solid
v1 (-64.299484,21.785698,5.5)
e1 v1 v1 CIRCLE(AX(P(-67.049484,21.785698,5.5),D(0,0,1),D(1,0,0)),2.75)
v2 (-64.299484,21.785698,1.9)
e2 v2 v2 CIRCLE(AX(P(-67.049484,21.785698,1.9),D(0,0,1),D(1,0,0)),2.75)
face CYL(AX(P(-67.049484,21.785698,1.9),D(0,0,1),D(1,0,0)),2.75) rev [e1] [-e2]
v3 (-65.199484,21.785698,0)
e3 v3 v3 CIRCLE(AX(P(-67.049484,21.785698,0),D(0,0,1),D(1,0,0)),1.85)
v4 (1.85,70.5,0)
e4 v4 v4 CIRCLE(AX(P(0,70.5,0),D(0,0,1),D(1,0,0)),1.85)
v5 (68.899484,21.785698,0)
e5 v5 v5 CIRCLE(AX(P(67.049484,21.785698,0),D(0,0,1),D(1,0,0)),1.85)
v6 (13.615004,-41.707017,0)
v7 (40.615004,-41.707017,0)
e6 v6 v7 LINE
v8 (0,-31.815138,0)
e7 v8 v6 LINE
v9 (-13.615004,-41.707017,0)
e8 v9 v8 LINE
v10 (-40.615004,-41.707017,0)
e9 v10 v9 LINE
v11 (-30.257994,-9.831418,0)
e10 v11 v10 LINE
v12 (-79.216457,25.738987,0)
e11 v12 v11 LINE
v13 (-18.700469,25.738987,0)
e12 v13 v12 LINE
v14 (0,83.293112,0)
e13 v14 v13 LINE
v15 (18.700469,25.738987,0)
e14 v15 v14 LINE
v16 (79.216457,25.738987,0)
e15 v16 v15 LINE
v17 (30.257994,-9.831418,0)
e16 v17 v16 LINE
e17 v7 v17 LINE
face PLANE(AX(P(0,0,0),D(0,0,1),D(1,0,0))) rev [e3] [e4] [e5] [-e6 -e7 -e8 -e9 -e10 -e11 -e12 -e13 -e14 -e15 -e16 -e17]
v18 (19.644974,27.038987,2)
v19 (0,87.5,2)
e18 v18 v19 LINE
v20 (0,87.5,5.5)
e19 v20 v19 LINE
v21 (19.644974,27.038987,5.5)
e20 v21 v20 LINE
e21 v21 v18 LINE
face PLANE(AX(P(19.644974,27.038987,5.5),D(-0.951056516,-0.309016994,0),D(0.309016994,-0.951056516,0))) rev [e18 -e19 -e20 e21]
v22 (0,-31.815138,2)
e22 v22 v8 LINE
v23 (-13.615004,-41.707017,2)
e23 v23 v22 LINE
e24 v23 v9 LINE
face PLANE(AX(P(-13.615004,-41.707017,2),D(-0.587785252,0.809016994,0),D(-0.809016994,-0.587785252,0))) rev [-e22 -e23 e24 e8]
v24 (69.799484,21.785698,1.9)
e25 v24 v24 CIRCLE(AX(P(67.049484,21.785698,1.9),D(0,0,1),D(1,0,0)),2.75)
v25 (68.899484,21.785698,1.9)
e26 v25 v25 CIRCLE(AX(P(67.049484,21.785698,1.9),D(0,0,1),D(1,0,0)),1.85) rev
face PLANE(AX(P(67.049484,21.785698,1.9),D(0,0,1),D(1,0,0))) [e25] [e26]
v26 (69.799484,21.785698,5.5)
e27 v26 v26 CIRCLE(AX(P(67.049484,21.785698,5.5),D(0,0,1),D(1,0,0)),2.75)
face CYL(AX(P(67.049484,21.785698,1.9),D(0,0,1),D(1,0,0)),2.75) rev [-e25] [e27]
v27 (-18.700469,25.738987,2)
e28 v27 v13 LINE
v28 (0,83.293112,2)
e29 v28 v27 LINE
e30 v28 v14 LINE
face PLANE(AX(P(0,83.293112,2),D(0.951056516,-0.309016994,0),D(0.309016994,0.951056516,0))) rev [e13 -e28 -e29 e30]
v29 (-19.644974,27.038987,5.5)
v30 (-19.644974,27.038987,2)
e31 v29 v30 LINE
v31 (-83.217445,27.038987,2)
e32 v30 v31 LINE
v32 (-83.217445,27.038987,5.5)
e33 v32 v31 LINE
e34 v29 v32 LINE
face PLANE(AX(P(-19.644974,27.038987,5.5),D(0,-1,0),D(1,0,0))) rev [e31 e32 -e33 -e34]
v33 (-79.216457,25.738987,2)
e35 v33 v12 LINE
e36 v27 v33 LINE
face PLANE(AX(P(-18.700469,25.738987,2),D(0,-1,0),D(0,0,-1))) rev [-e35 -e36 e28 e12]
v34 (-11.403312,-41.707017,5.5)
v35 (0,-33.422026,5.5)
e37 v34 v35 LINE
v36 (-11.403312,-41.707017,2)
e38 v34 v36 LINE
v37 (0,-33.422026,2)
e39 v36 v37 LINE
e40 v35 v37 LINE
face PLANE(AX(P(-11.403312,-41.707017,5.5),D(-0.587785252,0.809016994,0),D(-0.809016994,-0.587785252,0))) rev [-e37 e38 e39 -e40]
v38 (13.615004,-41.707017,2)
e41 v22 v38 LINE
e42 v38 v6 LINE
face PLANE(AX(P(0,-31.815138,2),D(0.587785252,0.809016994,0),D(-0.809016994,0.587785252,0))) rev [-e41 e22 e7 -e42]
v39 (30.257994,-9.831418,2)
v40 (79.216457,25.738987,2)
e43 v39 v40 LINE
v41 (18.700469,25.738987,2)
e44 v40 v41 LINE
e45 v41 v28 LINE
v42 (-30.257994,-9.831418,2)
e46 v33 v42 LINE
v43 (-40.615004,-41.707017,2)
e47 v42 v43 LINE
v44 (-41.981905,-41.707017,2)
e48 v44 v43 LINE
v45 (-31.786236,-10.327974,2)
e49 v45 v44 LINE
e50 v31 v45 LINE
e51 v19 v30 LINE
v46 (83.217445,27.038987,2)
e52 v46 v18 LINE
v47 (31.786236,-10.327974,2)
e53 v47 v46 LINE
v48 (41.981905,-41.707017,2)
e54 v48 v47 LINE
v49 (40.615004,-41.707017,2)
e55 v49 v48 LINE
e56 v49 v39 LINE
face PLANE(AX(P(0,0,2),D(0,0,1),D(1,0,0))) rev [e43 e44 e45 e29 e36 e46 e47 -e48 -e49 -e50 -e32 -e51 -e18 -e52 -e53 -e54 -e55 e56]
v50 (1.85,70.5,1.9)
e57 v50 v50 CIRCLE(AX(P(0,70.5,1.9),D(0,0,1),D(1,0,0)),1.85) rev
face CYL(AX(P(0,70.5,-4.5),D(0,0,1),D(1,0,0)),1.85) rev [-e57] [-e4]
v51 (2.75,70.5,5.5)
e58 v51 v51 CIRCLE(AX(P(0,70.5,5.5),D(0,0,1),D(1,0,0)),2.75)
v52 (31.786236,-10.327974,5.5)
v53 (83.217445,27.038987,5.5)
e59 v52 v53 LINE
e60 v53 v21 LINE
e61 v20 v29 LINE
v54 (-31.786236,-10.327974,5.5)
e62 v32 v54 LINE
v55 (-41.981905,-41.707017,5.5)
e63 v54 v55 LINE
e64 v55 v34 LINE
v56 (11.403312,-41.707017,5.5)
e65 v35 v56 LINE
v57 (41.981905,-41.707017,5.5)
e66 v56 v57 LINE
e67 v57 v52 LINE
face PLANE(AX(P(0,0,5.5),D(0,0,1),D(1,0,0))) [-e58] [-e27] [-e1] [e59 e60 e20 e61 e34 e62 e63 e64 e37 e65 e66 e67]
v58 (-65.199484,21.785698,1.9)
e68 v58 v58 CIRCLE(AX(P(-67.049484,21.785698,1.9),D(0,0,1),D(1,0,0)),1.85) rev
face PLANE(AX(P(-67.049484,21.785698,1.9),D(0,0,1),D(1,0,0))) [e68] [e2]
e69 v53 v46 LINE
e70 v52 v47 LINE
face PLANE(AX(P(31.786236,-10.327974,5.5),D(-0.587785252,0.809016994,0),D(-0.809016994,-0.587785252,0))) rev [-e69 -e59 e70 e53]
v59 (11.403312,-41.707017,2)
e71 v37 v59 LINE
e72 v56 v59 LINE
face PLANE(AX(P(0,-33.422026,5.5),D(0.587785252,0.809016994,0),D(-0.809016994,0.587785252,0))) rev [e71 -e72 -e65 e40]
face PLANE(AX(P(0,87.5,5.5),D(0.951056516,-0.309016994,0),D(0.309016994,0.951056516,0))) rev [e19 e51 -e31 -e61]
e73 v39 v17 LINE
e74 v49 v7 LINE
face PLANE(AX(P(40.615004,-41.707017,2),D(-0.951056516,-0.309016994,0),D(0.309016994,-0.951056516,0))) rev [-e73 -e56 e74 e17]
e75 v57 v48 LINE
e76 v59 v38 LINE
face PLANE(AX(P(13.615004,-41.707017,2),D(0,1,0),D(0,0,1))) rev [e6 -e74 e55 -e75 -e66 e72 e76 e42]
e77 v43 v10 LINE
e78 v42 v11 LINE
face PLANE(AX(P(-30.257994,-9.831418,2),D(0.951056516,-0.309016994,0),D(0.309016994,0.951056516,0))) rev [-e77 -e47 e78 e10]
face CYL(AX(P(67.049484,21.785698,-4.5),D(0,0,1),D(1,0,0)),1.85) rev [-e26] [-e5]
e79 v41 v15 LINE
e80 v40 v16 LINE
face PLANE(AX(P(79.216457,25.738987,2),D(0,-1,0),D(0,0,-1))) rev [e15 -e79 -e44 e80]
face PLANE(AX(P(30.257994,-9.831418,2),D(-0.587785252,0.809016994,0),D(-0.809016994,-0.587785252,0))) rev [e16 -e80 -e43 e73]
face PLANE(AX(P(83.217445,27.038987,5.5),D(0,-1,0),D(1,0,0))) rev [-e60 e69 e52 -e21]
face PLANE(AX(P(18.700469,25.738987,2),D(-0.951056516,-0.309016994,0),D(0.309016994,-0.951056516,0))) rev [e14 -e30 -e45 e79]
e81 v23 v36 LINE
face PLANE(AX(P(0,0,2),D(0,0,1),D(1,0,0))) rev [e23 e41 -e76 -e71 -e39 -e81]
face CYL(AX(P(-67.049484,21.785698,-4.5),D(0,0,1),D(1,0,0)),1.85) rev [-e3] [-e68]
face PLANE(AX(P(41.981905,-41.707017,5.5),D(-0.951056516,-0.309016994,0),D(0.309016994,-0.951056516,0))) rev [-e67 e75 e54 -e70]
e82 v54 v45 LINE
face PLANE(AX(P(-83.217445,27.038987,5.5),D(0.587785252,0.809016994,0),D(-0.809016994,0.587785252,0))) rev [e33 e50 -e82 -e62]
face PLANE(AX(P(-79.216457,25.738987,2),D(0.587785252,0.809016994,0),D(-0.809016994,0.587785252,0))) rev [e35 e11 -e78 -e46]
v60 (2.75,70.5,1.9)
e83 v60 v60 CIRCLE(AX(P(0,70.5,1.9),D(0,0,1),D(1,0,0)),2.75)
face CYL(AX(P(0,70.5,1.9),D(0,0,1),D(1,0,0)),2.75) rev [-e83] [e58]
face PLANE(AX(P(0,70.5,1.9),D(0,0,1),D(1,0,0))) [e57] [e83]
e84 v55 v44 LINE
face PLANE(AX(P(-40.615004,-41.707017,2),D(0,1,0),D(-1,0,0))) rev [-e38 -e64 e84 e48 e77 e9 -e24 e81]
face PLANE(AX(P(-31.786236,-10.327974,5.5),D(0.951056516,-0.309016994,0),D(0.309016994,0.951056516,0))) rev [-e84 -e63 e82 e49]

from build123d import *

# Parameters (mm, degrees)
SALIENTE_EXTRUIR1_DEPTH = 2
SALIENTE_EXTRUIR2_DEPTH = 3.5
CROQUIS2_R              = 1.85
CORTAR_EXTRUIR4_DEPTH   = 10
CROQUIS4_R              = 2.75
CORTAR_EXTRUIR5_DEPTH   = 3.6


with BuildPart() as part:
    # Croquis1 → Saliente-Extruir1 (new body)
    with BuildSketch(Plane.XY):
        Polygon((79.216456577, 25.738987008), (18.700468689, 25.738987008), (0, 83.293111629), (-18.700468689, 25.738987008), (-79.216456577, 25.738987008), (-30.257993944, -9.831418201), (-40.615003785, -41.707016882), (-13.615003785, -41.707016882), (0, -31.815137614), (13.615003785, -41.707016882), (40.615003785, -41.707016882), (30.257993944, -9.831418201), align=None)
    extrude(amount=SALIENTE_EXTRUIR1_DEPTH)

    # Croquis3 → Saliente-Extruir2 (add)
    with BuildSketch(Plane.XY.offset(2)):
        Polygon((-41.981904677, -41.707016882), (-11.403311683, -41.707016882), (0, -33.422025984), (11.403311683, -41.707016882), (41.981904677, -41.707016882), (31.7862356, -10.327974016), (83.217445176, 27.038987008), (19.644973975, 27.038987008), (0, 87.5), (-19.644973975, 27.038987008), (-83.217445176, 27.038987008), (-31.7862356, -10.327974016), align=None)
    extrude(amount=SALIENTE_EXTRUIR2_DEPTH)

    # Croquis2 → Cortar-Extruir4 (cut)
    with BuildSketch(Plane.XY.offset(5.5)):
        with Locations((0, 70.5)):
            Circle(CROQUIS2_R)
        with Locations((67.049484399, 21.785698103)):
            Circle(CROQUIS2_R)
        with Locations((-67.049484399, 21.785698103)):
            Circle(CROQUIS2_R)
    extrude(amount=-CORTAR_EXTRUIR4_DEPTH, mode=Mode.SUBTRACT)

    # Croquis4 → Cortar-Extruir5 (cut)
    with BuildSketch(Plane.XY.offset(5.5)):
        with Locations((67.049484399, 21.785698103)):
            Circle(CROQUIS4_R)
        with Locations((0, 70.5)):
            Circle(CROQUIS4_R)
        with Locations((-67.049484399, 21.785698103)):
            Circle(CROQUIS4_R)
    extrude(amount=-CORTAR_EXTRUIR5_DEPTH, mode=Mode.SUBTRACT)


solid = part.part
